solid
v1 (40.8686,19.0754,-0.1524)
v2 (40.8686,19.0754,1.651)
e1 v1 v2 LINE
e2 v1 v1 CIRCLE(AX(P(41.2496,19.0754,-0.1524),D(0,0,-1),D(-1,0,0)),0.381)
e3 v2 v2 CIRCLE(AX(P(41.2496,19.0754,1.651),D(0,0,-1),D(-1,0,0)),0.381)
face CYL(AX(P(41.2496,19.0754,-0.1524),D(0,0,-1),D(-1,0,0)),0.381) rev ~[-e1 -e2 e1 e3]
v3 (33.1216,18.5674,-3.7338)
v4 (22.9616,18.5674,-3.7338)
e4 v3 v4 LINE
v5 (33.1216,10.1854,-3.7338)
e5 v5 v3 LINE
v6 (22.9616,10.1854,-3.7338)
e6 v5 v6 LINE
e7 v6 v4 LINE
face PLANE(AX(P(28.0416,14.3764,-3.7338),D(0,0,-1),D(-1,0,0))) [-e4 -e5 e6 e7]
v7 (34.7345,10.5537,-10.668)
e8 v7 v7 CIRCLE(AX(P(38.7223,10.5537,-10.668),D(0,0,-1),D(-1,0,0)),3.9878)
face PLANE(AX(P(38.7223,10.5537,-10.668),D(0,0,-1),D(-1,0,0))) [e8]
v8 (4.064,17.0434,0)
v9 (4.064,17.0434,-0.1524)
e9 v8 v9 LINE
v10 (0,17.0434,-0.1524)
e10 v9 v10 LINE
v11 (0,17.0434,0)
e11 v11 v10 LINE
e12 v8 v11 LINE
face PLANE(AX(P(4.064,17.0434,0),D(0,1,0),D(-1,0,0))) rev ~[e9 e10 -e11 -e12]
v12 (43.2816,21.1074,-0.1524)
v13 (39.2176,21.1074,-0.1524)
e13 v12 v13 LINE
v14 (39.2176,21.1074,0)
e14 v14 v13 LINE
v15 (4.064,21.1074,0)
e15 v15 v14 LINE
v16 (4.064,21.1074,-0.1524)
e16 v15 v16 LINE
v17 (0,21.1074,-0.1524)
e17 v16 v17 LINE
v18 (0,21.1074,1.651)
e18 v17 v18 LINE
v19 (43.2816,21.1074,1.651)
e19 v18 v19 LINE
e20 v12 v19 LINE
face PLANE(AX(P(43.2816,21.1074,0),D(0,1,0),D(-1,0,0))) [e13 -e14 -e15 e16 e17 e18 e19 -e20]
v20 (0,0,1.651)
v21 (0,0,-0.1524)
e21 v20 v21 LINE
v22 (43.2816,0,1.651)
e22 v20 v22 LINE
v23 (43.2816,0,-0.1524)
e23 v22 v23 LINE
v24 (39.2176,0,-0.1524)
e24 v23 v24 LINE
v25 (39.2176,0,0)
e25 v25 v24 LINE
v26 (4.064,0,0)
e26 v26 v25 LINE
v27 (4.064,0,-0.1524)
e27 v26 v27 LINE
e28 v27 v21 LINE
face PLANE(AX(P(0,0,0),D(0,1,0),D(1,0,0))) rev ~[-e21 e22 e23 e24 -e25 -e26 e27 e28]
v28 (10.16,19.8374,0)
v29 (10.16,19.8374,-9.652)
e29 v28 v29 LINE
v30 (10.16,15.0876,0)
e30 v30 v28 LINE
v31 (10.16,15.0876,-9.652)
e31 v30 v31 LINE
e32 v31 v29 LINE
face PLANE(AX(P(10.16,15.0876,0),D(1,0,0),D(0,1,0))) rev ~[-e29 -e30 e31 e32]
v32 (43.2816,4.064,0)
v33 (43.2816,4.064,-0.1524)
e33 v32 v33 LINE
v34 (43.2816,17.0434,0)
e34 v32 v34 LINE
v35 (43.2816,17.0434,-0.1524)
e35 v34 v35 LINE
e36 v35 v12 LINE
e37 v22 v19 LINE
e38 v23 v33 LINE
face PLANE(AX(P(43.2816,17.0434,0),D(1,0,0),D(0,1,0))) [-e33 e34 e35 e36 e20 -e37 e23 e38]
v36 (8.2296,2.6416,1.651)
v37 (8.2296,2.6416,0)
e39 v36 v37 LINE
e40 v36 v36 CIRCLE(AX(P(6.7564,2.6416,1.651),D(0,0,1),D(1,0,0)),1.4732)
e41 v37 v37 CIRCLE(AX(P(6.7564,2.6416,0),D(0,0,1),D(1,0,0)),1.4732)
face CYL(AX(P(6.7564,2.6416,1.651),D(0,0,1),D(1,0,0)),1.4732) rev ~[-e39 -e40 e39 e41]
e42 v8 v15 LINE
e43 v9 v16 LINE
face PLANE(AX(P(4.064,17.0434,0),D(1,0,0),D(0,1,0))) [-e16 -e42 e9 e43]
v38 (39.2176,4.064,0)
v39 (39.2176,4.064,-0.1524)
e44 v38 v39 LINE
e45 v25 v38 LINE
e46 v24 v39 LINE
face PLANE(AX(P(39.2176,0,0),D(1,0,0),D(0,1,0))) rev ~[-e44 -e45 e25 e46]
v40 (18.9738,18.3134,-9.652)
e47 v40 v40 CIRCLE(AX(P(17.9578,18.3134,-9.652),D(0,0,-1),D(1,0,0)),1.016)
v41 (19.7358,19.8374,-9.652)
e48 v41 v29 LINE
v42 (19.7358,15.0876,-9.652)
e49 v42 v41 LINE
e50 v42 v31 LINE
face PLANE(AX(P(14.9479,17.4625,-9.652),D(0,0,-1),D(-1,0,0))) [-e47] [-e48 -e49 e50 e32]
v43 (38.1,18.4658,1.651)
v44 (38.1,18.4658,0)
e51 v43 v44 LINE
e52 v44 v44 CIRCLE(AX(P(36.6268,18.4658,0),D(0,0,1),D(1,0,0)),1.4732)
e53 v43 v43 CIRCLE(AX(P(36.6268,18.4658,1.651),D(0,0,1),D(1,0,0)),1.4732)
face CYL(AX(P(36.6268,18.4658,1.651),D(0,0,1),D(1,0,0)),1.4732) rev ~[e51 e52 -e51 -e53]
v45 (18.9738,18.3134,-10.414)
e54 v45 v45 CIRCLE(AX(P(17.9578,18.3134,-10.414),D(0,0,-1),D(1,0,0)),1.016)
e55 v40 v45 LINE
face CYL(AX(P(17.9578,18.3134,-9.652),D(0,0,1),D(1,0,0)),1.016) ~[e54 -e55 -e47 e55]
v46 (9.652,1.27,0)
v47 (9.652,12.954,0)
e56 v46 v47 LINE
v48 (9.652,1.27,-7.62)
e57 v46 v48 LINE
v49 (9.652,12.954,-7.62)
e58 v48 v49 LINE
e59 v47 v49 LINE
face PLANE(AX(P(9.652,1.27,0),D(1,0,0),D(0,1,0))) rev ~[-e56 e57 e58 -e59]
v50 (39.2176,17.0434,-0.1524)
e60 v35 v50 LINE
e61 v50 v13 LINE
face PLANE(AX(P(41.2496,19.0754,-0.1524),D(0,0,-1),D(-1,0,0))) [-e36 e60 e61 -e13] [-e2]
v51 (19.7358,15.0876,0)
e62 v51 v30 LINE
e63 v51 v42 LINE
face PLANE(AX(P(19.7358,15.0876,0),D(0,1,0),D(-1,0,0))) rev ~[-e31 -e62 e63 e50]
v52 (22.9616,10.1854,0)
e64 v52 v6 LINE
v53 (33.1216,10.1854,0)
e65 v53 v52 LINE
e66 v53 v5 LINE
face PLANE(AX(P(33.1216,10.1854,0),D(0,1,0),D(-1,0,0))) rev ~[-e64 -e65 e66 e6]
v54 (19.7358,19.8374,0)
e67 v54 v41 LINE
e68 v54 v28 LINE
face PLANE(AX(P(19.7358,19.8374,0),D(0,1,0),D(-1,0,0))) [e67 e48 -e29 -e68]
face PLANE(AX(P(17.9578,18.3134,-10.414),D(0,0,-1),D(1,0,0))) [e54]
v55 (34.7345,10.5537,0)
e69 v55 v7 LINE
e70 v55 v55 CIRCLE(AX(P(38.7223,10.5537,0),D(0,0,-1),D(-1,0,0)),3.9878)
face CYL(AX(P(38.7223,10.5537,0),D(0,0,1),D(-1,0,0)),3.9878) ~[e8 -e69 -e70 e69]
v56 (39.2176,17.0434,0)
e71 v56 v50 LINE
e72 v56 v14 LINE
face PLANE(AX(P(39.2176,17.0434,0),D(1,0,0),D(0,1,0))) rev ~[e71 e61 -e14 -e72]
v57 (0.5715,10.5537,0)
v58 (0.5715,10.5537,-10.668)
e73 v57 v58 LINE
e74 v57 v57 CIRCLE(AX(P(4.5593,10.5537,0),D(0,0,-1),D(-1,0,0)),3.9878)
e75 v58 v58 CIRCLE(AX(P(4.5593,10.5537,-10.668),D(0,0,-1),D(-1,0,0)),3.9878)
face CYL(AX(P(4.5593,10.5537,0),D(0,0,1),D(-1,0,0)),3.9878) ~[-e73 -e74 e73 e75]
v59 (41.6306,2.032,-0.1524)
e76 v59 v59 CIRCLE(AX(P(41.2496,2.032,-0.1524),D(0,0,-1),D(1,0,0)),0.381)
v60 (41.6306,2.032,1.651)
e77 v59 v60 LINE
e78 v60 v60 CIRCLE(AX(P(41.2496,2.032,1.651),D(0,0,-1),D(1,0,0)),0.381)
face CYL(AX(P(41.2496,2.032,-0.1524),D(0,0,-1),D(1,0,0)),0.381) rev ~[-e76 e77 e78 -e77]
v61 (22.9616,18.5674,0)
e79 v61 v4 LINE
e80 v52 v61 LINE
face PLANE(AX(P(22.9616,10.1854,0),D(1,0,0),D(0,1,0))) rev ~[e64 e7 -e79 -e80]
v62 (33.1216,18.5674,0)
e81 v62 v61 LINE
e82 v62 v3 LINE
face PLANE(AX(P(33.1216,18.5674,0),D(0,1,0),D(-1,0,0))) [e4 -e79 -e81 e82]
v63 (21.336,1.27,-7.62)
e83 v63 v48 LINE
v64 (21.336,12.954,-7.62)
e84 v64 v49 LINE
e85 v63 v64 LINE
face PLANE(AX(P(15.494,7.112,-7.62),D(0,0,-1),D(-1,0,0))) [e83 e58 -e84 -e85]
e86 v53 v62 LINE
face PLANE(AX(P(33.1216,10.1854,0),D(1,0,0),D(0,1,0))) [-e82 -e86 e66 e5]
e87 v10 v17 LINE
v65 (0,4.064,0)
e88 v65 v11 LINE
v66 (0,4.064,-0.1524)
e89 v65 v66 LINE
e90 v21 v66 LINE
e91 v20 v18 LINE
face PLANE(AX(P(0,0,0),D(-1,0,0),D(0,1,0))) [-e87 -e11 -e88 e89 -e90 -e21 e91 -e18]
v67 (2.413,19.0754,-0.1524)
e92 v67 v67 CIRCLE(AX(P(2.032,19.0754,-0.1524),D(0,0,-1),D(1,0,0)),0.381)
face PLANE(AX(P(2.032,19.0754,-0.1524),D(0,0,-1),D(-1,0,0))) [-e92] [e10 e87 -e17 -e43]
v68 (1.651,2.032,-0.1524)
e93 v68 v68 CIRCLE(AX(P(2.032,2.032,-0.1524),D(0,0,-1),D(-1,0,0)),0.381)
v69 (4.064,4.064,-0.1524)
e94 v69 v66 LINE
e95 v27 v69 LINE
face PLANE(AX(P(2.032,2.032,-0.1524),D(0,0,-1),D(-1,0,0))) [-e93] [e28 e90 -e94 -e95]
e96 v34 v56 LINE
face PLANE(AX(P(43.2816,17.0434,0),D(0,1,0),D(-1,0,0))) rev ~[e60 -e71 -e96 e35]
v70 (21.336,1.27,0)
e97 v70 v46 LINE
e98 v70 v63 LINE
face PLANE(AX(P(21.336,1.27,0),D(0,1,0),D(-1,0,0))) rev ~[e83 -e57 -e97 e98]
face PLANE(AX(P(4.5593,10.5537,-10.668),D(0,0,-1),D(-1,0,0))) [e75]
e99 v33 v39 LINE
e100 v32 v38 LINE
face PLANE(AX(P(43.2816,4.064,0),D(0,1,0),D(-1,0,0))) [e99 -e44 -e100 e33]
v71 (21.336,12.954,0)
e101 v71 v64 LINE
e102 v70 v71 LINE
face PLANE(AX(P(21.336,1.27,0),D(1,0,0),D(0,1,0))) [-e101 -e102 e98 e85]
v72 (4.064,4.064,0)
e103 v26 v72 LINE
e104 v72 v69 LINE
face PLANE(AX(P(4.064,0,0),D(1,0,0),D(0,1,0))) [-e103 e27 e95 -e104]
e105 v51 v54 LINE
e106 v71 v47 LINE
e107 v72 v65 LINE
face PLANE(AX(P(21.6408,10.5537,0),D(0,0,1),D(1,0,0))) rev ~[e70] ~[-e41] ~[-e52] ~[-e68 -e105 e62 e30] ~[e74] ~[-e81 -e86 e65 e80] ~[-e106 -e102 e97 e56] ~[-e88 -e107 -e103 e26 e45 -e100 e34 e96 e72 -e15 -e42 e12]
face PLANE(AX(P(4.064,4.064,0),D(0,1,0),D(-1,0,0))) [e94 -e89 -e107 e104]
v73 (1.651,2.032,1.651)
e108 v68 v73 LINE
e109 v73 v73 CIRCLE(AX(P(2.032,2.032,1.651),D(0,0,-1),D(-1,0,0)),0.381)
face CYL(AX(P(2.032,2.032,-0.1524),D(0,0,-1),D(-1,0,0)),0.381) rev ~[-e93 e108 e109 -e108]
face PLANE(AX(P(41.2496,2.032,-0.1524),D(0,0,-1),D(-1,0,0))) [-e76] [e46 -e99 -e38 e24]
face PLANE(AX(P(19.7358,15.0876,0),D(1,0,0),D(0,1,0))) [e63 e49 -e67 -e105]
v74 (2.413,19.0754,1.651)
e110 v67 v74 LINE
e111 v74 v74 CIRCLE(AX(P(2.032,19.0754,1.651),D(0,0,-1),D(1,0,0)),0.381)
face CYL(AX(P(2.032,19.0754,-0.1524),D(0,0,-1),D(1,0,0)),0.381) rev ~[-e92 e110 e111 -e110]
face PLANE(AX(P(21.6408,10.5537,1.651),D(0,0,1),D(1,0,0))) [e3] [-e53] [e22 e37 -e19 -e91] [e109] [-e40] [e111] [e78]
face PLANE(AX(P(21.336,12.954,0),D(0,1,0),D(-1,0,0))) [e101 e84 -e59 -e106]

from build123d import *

# Parameters (mm, degrees)
SKETCH1_W           = 43.2816
SKETCH1_H           = 21.1074
BOSS_EXTRUDE1_DEPTH = 1.651
SKETCH2_R           = 1.4732
CUT_EXTRUDE1_DEPTH  = 49.18241416
SKETCH3_R           = 3.9878
BOSS_EXTRUDE2_DEPTH = 10.668
SKETCH4_W           = 10.16
SKETCH4_H           = 8.382
BOSS_EXTRUDE3_DEPTH = 3.7338
SKETCH4_3_W         = 11.684
SKETCH4_3_H         = 11.684
BOSS_EXTRUDE4_DEPTH = 7.62
SKETCH4_4_W         = 9.5758
SKETCH4_4_H         = 4.7498
BOSS_EXTRUDE5_DEPTH = 9.652
SKETCH5_R           = 1.016
BOSS_EXTRUDE6_DEPTH = 0.762
SKETCH6_W           = 4.064
SKETCH6_H           = 4.064
BOSS_EXTRUDE7_DEPTH = 0.1524
SKETCH7_R           = 0.381
CUT_EXTRUDE2_DEPTH  = 50.288914339


with BuildPart() as part:
    # Sketch1 → Boss-Extrude1 (new body)
    with BuildSketch(Plane.XY):
        with Locations((21.6408, 10.5537)):
            Rectangle(SKETCH1_W, SKETCH1_H)
    extrude(amount=BOSS_EXTRUDE1_DEPTH)

    # Sketch2 → Cut-Extrude1 (cut, through all)
    with BuildSketch(Plane.XY.offset(1.651)):
        with Locations((36.6268, 18.4658)):
            Circle(SKETCH2_R)
        with Locations((6.7564, 2.6416)):
            Circle(SKETCH2_R)
    extrude(amount=-CUT_EXTRUDE1_DEPTH, mode=Mode.SUBTRACT)

    # Sketch3 → Boss-Extrude2 (add)
    with BuildSketch(Plane(origin=(0, 0, 0), x_dir=(-1, 0, 0), z_dir=(0, 0, -1))):
        with Locations((-4.5593, 10.5537)):
            Circle(SKETCH3_R)
        with Locations((-38.7223, 10.5537)):
            Circle(SKETCH3_R)
    extrude(amount=BOSS_EXTRUDE2_DEPTH)

    # Sketch4 → Boss-Extrude3 (add)
    with BuildSketch(Plane(origin=(0, 0, 0), x_dir=(-1, 0, 0), z_dir=(0, 0, -1))):
        with Locations((-28.0416, 14.3764)):
            Rectangle(SKETCH4_W, SKETCH4_H)
    extrude(amount=BOSS_EXTRUDE3_DEPTH)

    # Sketch4<3> → Boss-Extrude4 (add)
    with BuildSketch(Plane(origin=(0, 0, 0), x_dir=(-1, 0, 0), z_dir=(0, 0, -1))):
        with Locations((-15.494, 7.112)):
            Rectangle(SKETCH4_3_W, SKETCH4_3_H)
    extrude(amount=BOSS_EXTRUDE4_DEPTH)

    # Sketch4<4> → Boss-Extrude5 (add)
    with BuildSketch(Plane(origin=(0, 0, 0), x_dir=(-1, 0, 0), z_dir=(0, 0, -1))):
        with Locations((-14.9479, 17.4625)):
            Rectangle(SKETCH4_4_W, SKETCH4_4_H)
    extrude(amount=BOSS_EXTRUDE5_DEPTH)

    # Sketch5 → Boss-Extrude6 (add)
    with BuildSketch(Plane(origin=(0, 0, -9.652), x_dir=(-1, 0, 0), z_dir=(0, 0, -1))):
        with Locations((-17.9578, 18.3134)):
            Circle(SKETCH5_R)
    extrude(amount=BOSS_EXTRUDE6_DEPTH)

    # Sketch6 → Boss-Extrude7 (add)
    with BuildSketch(Plane(origin=(0, 0, 0), x_dir=(-1, 0, 0), z_dir=(0, 0, -1))):
        with Locations((-41.2496, 19.0754)):
            Rectangle(SKETCH6_W, SKETCH6_H)
        with Locations((-41.2496, 2.032)):
            Rectangle(SKETCH6_W, SKETCH6_H)
        with Locations((-2.032, 19.0754)):
            Rectangle(SKETCH6_W, SKETCH6_H)
        with Locations((-2.032, 2.032)):
            Rectangle(SKETCH6_W, SKETCH6_H)
    extrude(amount=BOSS_EXTRUDE7_DEPTH)

    # Sketch7 → Cut-Extrude2 (cut, through all)
    with BuildSketch(Plane(origin=(0, 0, -0.1524), x_dir=(-1, 0, 0), z_dir=(0, 0, -1))):
        with Locations((-41.2496, 19.0754)):
            Circle(SKETCH7_R)
        with Locations((-2.032, 19.0754)):
            Circle(SKETCH7_R)
        with Locations((-2.032, 2.032)):
            Circle(SKETCH7_R)
        with Locations((-41.2496, 2.032)):
            Circle(SKETCH7_R)
    extrude(amount=-CUT_EXTRUDE2_DEPTH, mode=Mode.SUBTRACT)


solid = part.part
